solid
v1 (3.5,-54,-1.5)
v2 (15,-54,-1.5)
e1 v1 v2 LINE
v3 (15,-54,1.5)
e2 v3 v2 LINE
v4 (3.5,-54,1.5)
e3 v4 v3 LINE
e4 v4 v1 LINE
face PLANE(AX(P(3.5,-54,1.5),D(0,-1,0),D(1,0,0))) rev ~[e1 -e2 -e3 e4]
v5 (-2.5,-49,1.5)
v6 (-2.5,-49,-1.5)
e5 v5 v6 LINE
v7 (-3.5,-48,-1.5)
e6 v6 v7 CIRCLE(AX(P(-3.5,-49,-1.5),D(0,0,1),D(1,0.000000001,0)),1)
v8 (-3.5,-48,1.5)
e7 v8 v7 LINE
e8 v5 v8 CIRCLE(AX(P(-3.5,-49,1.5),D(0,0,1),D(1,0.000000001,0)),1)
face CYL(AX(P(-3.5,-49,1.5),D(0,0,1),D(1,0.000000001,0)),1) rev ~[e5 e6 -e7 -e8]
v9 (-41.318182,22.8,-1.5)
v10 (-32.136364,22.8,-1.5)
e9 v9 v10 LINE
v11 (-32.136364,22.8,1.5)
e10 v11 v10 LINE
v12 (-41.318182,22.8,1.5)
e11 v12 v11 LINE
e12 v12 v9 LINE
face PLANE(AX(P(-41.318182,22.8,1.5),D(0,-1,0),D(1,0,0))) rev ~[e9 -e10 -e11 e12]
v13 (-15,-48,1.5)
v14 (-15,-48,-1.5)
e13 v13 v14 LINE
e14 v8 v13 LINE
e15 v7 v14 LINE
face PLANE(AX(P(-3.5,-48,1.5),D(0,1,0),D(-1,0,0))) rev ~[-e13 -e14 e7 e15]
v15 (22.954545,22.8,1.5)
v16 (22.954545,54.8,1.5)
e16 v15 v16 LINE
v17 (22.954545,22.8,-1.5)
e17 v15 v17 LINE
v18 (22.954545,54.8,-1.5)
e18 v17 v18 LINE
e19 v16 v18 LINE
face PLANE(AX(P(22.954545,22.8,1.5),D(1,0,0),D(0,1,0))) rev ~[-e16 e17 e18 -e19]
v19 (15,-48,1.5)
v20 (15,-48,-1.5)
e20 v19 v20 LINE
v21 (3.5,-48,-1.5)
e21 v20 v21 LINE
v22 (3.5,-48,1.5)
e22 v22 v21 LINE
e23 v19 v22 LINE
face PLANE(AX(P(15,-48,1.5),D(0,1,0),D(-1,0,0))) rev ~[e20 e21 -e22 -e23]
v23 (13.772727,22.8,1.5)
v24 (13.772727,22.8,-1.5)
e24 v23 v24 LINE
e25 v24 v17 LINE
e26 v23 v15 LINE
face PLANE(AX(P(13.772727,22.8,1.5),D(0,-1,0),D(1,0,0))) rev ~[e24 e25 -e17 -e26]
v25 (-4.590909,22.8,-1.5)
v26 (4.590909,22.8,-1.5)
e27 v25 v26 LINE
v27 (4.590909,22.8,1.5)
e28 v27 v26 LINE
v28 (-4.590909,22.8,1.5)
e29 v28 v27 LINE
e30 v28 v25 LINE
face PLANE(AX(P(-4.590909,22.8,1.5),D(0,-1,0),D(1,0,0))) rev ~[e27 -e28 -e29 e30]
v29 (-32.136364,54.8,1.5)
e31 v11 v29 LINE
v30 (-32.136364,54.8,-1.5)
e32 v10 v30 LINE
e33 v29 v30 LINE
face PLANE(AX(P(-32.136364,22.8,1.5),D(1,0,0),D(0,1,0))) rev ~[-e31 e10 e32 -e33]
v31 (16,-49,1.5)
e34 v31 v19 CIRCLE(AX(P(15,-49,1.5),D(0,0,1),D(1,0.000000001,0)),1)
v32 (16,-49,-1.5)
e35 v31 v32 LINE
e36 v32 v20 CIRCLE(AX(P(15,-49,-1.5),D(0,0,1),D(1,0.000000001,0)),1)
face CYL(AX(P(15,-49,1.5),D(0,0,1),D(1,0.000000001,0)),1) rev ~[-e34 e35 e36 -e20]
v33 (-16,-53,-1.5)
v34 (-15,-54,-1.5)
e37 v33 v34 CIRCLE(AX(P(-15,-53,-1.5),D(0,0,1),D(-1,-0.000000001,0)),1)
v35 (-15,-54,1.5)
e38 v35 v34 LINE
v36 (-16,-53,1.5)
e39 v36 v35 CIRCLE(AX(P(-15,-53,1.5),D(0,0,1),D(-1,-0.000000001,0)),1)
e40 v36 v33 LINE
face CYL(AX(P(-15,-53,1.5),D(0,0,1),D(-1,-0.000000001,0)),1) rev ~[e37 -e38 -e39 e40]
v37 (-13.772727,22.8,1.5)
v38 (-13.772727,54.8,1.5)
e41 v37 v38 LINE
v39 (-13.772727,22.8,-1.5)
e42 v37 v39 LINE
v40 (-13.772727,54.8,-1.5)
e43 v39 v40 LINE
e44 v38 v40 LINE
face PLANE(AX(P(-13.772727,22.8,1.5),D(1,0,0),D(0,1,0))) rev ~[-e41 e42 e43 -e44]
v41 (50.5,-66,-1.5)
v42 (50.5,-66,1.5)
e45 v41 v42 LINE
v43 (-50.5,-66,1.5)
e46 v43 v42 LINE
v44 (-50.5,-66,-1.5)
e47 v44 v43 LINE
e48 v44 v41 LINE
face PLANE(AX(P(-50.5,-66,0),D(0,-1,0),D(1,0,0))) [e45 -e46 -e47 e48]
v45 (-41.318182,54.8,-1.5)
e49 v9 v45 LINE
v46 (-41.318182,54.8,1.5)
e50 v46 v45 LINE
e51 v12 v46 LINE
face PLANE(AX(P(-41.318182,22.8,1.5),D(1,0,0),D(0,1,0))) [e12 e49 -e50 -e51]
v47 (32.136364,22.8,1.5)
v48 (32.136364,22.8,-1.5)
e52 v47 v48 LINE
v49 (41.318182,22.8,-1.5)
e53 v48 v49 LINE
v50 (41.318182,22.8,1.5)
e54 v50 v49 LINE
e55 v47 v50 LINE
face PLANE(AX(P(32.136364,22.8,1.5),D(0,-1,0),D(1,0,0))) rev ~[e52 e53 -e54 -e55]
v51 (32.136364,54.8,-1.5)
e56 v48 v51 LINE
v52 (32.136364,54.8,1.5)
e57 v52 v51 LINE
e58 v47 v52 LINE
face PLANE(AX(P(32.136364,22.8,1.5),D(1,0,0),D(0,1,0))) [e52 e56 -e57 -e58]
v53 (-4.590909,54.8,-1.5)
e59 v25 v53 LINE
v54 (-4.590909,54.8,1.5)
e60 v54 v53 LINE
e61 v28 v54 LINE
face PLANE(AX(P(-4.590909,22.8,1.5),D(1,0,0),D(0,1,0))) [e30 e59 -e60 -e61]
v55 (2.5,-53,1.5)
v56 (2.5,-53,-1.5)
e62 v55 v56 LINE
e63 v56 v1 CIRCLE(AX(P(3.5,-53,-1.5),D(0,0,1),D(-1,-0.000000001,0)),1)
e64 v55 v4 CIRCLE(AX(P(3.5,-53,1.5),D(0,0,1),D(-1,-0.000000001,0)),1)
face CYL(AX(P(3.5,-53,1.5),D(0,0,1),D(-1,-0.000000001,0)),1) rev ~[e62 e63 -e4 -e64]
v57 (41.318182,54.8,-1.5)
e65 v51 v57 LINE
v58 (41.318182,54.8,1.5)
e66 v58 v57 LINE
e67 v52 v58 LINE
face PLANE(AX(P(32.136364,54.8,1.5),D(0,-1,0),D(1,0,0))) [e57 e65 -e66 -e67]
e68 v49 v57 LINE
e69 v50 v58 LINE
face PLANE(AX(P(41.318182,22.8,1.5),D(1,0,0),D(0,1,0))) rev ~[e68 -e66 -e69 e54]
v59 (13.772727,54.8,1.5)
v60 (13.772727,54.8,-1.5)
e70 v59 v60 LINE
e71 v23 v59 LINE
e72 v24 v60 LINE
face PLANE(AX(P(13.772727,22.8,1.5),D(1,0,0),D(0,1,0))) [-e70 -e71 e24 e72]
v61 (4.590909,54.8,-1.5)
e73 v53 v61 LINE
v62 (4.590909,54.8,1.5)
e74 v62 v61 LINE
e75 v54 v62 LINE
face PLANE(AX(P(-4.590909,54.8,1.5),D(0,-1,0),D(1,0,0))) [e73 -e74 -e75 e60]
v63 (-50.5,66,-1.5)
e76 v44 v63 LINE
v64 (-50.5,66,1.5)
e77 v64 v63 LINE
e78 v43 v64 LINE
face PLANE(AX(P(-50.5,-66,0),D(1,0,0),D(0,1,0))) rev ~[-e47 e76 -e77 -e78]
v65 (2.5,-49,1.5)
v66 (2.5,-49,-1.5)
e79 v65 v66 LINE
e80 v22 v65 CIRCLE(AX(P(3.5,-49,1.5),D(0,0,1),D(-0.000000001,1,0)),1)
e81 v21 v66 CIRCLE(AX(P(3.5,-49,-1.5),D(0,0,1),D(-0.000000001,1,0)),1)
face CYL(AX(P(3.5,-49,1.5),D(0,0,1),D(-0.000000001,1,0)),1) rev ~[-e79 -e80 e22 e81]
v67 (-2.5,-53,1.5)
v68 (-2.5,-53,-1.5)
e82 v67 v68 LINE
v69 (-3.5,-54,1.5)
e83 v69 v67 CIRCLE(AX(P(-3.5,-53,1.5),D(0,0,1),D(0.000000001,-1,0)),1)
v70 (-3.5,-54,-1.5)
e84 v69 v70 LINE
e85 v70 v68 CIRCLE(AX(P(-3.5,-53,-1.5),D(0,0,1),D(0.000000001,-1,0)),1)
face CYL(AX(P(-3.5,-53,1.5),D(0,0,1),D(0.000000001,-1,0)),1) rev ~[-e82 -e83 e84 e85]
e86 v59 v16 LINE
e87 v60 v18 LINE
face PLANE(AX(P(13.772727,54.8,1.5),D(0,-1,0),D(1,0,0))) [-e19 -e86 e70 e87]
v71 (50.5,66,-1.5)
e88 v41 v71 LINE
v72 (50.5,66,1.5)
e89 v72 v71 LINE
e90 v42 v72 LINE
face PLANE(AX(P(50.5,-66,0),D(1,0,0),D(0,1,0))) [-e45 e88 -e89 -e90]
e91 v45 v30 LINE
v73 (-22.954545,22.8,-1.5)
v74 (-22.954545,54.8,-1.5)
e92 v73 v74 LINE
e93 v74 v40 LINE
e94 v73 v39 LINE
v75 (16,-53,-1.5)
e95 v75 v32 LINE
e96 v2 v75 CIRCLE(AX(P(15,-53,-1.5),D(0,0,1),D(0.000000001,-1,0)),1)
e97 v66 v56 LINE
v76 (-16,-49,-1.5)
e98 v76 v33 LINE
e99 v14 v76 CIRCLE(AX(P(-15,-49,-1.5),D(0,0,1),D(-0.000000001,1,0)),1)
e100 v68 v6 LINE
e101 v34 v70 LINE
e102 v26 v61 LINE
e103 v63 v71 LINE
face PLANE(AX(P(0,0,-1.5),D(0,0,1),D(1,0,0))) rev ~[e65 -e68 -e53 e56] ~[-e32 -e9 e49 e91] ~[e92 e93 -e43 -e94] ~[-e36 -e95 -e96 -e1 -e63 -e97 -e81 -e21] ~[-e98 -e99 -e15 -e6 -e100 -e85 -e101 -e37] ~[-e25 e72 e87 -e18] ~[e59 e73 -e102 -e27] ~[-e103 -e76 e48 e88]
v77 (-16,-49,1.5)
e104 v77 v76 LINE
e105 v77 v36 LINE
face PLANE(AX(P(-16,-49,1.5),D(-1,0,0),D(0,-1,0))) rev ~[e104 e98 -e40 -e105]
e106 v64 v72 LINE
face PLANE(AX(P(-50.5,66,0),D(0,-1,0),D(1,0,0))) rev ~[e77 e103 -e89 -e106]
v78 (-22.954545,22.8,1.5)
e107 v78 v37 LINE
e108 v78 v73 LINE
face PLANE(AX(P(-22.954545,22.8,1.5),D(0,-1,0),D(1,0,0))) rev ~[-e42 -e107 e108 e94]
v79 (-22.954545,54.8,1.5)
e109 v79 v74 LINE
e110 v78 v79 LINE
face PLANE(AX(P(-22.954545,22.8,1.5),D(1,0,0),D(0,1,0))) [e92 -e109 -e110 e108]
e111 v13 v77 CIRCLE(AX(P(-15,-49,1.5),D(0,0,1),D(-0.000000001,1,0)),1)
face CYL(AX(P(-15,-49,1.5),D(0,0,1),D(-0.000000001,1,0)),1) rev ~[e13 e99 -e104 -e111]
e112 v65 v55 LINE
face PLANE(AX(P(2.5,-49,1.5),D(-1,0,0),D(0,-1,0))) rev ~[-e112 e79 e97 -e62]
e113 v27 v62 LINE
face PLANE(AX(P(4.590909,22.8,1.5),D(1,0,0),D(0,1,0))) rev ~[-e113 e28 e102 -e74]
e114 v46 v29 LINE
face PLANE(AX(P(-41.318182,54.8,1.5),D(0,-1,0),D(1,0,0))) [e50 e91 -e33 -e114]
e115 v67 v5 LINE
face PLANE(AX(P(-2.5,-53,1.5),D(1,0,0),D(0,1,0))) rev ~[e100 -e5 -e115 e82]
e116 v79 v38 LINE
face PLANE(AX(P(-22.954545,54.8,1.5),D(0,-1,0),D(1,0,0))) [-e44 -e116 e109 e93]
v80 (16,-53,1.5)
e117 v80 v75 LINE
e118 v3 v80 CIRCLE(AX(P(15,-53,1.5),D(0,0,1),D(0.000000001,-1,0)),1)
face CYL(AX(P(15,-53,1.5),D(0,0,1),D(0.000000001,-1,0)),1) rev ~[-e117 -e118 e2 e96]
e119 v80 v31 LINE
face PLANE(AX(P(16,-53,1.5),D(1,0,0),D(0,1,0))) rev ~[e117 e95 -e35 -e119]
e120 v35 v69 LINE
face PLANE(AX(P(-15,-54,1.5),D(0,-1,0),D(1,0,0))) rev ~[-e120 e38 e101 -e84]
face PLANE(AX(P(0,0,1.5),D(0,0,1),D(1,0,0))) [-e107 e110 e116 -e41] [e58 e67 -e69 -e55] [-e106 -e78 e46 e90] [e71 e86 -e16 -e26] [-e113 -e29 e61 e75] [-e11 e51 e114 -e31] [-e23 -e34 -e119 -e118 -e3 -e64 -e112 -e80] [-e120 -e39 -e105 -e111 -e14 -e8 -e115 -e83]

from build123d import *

# Parameters (mm, degrees)
SKETCH1_W           = 101
SKETCH1_H           = 132
BOSS_EXTRUDE1_DEPTH = 1.5
SKETCH2_W           = 9.181818182
SKETCH2_H           = 32
CUT_EXTRUDE1_DEPTH  = 84.157982179


with BuildPart() as part:
    # Sketch1 → Boss-Extrude1 (new, symmetric)
    with BuildSketch(Plane.XY):
        Rectangle(SKETCH1_W, SKETCH1_H)
    extrude(amount=BOSS_EXTRUDE1_DEPTH, both=True)

    # Sketch2 → Cut-Extrude1 (cut, through all)
    with BuildSketch(Plane.XY.offset(1.5)):
        with BuildLine():
            Line((3.5, -54), (15, -54))
            ThreePointArc((15, -54), (15.707106781, -53.707106781), (16, -53))
            Line((16, -53), (16, -49))
            ThreePointArc((16, -49), (15.707106781, -48.292893219), (15, -48))
            Line((15, -48), (3.5, -48))
            ThreePointArc((3.5, -48), (2.792893219, -48.292893219), (2.5, -49))
            Line((2.5, -49), (2.5, -53))
            ThreePointArc((2.5, -53), (2.792893219, -53.707106781), (3.5, -54))
        make_face()
        with Locations((-36.727272727, 38.8)):
            Rectangle(SKETCH2_W, SKETCH2_H)
        with Locations((-18.363636364, 38.8)):
            Rectangle(SKETCH2_W, SKETCH2_H)
        with Locations((0, 38.8)):
            Rectangle(SKETCH2_W, SKETCH2_H)
        with Locations((18.363636364, 38.8)):
            Rectangle(SKETCH2_W, SKETCH2_H)
        with Locations((36.727272727, 38.8)):
            Rectangle(SKETCH2_W, SKETCH2_H)
        with BuildLine():
            Line((-15, -54), (-3.5, -54))
            ThreePointArc((-3.5, -54), (-2.792893219, -53.707106781), (-2.5, -53))
            Line((-2.5, -53), (-2.5, -49))
            ThreePointArc((-2.5, -49), (-2.792893219, -48.292893219), (-3.5, -48))
            Line((-3.5, -48), (-15, -48))
            ThreePointArc((-15, -48), (-15.707106781, -48.292893219), (-16, -49))
            Line((-16, -49), (-16, -53))
            ThreePointArc((-16, -53), (-15.707106781, -53.707106781), (-15, -54))
        make_face()
    extrude(amount=-CUT_EXTRUDE1_DEPTH, mode=Mode.SUBTRACT)


solid = part.part
